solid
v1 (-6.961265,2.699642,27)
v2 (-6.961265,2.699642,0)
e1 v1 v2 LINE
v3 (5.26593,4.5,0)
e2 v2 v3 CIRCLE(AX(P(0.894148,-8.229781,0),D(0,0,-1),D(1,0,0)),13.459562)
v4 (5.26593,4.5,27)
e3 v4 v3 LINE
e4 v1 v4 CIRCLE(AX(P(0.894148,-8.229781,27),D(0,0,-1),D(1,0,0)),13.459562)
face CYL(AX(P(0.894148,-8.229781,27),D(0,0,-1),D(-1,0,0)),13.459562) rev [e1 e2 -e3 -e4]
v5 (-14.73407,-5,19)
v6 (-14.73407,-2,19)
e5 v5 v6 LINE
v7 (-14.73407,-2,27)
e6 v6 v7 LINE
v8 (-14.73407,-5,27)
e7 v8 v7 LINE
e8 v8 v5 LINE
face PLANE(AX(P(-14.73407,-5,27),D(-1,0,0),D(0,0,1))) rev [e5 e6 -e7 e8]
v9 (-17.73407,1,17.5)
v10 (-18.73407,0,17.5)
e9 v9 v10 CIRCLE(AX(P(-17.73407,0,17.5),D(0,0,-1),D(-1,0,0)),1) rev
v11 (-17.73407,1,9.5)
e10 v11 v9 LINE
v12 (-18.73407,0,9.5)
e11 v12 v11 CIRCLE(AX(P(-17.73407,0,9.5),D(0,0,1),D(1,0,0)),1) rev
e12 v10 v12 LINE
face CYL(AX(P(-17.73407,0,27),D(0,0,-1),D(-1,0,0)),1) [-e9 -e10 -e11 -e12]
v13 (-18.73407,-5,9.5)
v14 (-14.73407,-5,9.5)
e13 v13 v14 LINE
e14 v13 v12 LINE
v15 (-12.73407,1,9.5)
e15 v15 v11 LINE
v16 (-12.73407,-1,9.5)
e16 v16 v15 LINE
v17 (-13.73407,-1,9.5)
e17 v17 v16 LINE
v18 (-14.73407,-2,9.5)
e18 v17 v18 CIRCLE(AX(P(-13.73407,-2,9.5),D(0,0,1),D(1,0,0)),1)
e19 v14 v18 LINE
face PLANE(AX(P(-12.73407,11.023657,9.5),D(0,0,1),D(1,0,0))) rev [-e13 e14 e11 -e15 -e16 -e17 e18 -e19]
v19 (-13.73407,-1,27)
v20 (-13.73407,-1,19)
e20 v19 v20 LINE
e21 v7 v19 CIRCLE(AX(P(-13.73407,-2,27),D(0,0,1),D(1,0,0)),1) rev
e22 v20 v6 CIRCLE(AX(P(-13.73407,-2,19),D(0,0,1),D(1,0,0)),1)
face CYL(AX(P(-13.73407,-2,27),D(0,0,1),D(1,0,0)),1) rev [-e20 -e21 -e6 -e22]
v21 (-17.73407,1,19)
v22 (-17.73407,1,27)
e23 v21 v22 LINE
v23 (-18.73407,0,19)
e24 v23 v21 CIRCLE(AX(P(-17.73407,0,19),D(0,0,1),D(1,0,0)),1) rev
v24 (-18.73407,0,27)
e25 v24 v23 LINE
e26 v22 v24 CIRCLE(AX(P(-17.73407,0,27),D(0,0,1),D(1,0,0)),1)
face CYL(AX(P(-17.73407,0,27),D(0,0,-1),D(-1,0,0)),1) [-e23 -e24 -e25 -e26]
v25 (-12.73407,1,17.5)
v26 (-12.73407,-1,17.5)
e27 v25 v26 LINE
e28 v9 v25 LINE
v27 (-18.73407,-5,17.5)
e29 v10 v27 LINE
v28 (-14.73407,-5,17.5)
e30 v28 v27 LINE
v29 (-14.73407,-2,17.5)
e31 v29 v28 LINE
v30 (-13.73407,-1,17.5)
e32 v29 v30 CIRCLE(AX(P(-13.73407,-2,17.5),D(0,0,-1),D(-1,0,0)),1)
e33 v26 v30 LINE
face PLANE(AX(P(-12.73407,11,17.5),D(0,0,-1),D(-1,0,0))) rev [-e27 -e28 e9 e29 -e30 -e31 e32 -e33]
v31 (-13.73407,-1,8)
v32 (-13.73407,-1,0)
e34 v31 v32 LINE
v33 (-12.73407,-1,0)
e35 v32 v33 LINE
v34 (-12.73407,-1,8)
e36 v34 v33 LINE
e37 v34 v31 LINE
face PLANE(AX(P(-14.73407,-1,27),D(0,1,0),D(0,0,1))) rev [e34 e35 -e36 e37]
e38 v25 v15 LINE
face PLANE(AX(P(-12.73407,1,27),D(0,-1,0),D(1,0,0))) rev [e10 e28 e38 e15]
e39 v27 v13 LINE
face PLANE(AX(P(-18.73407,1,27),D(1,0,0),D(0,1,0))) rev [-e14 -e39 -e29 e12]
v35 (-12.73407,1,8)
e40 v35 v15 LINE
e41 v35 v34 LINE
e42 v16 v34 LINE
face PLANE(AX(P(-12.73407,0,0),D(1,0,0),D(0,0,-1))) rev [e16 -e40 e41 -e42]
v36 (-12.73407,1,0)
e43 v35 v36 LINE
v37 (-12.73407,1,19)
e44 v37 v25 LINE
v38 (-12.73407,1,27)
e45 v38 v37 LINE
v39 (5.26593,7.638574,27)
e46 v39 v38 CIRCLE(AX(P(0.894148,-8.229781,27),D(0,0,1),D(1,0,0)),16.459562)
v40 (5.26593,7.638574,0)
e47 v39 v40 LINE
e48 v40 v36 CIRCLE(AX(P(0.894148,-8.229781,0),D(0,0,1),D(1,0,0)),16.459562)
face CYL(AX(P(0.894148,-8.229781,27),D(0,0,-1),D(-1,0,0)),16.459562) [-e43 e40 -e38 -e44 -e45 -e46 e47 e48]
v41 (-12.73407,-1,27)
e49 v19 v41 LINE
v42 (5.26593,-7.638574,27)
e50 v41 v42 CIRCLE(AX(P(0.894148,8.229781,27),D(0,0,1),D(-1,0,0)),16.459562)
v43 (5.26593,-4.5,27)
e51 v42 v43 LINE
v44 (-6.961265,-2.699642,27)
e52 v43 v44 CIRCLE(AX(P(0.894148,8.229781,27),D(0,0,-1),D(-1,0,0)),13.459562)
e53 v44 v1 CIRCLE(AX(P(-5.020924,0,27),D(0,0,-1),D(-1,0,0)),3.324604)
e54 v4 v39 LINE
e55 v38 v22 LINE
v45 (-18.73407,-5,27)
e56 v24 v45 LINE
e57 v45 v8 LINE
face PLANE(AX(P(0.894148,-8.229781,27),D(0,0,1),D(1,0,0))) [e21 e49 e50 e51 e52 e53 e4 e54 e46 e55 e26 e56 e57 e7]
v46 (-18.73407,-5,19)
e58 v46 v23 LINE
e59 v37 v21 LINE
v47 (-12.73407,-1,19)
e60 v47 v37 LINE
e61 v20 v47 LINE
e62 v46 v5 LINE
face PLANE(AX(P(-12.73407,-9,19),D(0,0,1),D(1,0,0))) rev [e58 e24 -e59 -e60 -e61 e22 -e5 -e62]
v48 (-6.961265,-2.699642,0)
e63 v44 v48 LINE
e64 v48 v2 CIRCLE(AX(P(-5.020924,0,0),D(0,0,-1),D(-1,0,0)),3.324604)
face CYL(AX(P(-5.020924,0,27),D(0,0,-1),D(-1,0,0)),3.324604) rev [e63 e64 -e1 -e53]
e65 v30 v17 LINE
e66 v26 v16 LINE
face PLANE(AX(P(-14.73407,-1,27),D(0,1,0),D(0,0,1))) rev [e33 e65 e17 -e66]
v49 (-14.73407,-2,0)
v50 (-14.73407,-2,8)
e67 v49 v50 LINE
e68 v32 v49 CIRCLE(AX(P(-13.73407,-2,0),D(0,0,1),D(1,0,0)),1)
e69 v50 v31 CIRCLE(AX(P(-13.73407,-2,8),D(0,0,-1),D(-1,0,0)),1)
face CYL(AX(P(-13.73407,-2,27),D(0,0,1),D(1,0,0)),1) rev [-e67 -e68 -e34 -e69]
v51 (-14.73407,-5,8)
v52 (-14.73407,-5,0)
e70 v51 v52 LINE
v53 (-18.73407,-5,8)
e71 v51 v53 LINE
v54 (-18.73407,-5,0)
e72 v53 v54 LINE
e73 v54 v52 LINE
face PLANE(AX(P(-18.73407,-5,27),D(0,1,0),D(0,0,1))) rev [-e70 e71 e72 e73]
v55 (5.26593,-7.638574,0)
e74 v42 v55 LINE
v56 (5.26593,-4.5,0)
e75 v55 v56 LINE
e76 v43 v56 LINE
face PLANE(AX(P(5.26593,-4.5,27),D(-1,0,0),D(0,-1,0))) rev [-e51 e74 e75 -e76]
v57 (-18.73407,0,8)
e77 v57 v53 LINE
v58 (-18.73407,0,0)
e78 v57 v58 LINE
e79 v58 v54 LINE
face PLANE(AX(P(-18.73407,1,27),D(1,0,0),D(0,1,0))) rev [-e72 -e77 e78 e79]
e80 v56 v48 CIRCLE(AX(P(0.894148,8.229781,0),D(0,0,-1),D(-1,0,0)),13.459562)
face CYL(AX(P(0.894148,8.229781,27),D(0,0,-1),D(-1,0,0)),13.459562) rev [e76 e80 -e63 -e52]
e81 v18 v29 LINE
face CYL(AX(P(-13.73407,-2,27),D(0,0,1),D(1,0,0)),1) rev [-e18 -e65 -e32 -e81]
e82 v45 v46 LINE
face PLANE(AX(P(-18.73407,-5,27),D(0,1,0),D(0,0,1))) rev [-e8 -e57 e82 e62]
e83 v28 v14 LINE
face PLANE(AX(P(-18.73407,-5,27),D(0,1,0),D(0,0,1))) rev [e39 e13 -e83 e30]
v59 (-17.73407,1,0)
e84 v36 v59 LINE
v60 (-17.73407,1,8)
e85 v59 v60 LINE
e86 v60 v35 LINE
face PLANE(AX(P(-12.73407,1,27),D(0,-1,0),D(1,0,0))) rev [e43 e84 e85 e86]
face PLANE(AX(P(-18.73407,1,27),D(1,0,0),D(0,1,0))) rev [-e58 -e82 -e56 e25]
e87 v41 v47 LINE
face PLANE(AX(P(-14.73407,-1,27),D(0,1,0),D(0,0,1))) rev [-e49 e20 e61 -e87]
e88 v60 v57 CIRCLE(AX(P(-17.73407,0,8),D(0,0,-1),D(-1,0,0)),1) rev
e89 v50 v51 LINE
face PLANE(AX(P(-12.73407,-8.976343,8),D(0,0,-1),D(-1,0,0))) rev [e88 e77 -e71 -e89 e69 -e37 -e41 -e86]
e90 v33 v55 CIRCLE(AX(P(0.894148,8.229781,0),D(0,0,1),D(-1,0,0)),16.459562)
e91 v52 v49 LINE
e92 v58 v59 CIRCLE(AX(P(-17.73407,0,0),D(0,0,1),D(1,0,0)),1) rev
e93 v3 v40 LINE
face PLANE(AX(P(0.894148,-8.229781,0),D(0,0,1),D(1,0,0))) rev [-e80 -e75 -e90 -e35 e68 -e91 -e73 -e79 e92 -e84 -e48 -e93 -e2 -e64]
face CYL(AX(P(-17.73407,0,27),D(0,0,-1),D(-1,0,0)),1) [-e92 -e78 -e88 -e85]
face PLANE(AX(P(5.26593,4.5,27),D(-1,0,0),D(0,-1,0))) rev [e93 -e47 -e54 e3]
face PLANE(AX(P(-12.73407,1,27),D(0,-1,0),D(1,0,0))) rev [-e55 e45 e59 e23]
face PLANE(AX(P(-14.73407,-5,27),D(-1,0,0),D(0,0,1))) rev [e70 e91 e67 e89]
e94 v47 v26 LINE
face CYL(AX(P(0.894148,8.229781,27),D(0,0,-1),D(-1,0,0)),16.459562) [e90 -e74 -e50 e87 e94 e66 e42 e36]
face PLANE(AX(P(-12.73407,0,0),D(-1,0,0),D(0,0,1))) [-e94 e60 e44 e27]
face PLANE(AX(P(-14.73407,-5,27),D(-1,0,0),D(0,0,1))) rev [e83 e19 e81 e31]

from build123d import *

# Parameters (mm, degrees)
BOSS_EXTRU_1_DEPTH      = 27
ESQUISSE2_W             = 1.5
ESQUISSE2_H             = 20
ENL_V_MAT_EXTRU_3_DEPTH = 6
CONG_1_R                = 1


with BuildPart() as part:
    # Esquisse1 → Boss.-Extru.1 (new body)
    with BuildSketch(Plane.XY):
        with BuildLine():
            Line((-12.734069529, 1), (-18.734069529, 1))
            Line((-18.734069529, 1), (-18.734069529, -5))
            Line((-18.734069529, -5), (-14.734069529, -5))
            Line((-14.734069529, -5), (-14.734069529, -1))
            Line((-14.734069529, -1), (-12.734069529, -1))
            ThreePointArc((-12.734069529, -1), (-4.80129438, -7.212987875), (5.265930471, -7.638574159))
            Line((5.265930471, -7.638574159), (5.265930471, -4.5))
            ThreePointArc((5.265930471, -4.5), (-1.066525943, -5.086207973), (-6.961264916, -2.69964214))
            ThreePointArc((-6.961264916, -2.69964214), (-8.345527914, 0), (-6.961264916, 2.69964214))
            ThreePointArc((-6.961264916, 2.69964214), (-1.066525943, 5.086207973), (5.265930471, 4.5))
            Line((5.265930471, 4.5), (5.265930471, 7.638574159))
            ThreePointArc((5.265930471, 7.638574159), (-4.80129438, 7.212987875), (-12.734069529, 1))
        make_face()
    extrude(amount=BOSS_EXTRU_1_DEPTH)

    # Esquisse2 → Enlèv. mat.-Extru.3 (cut)
    with BuildSketch(Plane.ZY.offset(18.734069529)):
        with Locations((8.75, 1.023656904)):
            Rectangle(ESQUISSE2_W, ESQUISSE2_H)
        with Locations((18.25, 1)):
            Rectangle(ESQUISSE2_W, ESQUISSE2_H)
    extrude(amount=-ENL_V_MAT_EXTRU_3_DEPTH, mode=Mode.SUBTRACT)

    # Congé1
    cong_1_edges = [part.edges().sort_by_distance(p)[0] for p in [
        (-14.734069529, -1, 23),
        (-18.734069529, 1, 23),
        (-14.734069529, -1, 13.5),
        (-14.734069529, -1, 4),
        (-18.734069529, 1, 13.5),
        (-18.734069529, 1, 4),
    ]]
    fillet(cong_1_edges, radius=CONG_1_R)


solid = part.part
